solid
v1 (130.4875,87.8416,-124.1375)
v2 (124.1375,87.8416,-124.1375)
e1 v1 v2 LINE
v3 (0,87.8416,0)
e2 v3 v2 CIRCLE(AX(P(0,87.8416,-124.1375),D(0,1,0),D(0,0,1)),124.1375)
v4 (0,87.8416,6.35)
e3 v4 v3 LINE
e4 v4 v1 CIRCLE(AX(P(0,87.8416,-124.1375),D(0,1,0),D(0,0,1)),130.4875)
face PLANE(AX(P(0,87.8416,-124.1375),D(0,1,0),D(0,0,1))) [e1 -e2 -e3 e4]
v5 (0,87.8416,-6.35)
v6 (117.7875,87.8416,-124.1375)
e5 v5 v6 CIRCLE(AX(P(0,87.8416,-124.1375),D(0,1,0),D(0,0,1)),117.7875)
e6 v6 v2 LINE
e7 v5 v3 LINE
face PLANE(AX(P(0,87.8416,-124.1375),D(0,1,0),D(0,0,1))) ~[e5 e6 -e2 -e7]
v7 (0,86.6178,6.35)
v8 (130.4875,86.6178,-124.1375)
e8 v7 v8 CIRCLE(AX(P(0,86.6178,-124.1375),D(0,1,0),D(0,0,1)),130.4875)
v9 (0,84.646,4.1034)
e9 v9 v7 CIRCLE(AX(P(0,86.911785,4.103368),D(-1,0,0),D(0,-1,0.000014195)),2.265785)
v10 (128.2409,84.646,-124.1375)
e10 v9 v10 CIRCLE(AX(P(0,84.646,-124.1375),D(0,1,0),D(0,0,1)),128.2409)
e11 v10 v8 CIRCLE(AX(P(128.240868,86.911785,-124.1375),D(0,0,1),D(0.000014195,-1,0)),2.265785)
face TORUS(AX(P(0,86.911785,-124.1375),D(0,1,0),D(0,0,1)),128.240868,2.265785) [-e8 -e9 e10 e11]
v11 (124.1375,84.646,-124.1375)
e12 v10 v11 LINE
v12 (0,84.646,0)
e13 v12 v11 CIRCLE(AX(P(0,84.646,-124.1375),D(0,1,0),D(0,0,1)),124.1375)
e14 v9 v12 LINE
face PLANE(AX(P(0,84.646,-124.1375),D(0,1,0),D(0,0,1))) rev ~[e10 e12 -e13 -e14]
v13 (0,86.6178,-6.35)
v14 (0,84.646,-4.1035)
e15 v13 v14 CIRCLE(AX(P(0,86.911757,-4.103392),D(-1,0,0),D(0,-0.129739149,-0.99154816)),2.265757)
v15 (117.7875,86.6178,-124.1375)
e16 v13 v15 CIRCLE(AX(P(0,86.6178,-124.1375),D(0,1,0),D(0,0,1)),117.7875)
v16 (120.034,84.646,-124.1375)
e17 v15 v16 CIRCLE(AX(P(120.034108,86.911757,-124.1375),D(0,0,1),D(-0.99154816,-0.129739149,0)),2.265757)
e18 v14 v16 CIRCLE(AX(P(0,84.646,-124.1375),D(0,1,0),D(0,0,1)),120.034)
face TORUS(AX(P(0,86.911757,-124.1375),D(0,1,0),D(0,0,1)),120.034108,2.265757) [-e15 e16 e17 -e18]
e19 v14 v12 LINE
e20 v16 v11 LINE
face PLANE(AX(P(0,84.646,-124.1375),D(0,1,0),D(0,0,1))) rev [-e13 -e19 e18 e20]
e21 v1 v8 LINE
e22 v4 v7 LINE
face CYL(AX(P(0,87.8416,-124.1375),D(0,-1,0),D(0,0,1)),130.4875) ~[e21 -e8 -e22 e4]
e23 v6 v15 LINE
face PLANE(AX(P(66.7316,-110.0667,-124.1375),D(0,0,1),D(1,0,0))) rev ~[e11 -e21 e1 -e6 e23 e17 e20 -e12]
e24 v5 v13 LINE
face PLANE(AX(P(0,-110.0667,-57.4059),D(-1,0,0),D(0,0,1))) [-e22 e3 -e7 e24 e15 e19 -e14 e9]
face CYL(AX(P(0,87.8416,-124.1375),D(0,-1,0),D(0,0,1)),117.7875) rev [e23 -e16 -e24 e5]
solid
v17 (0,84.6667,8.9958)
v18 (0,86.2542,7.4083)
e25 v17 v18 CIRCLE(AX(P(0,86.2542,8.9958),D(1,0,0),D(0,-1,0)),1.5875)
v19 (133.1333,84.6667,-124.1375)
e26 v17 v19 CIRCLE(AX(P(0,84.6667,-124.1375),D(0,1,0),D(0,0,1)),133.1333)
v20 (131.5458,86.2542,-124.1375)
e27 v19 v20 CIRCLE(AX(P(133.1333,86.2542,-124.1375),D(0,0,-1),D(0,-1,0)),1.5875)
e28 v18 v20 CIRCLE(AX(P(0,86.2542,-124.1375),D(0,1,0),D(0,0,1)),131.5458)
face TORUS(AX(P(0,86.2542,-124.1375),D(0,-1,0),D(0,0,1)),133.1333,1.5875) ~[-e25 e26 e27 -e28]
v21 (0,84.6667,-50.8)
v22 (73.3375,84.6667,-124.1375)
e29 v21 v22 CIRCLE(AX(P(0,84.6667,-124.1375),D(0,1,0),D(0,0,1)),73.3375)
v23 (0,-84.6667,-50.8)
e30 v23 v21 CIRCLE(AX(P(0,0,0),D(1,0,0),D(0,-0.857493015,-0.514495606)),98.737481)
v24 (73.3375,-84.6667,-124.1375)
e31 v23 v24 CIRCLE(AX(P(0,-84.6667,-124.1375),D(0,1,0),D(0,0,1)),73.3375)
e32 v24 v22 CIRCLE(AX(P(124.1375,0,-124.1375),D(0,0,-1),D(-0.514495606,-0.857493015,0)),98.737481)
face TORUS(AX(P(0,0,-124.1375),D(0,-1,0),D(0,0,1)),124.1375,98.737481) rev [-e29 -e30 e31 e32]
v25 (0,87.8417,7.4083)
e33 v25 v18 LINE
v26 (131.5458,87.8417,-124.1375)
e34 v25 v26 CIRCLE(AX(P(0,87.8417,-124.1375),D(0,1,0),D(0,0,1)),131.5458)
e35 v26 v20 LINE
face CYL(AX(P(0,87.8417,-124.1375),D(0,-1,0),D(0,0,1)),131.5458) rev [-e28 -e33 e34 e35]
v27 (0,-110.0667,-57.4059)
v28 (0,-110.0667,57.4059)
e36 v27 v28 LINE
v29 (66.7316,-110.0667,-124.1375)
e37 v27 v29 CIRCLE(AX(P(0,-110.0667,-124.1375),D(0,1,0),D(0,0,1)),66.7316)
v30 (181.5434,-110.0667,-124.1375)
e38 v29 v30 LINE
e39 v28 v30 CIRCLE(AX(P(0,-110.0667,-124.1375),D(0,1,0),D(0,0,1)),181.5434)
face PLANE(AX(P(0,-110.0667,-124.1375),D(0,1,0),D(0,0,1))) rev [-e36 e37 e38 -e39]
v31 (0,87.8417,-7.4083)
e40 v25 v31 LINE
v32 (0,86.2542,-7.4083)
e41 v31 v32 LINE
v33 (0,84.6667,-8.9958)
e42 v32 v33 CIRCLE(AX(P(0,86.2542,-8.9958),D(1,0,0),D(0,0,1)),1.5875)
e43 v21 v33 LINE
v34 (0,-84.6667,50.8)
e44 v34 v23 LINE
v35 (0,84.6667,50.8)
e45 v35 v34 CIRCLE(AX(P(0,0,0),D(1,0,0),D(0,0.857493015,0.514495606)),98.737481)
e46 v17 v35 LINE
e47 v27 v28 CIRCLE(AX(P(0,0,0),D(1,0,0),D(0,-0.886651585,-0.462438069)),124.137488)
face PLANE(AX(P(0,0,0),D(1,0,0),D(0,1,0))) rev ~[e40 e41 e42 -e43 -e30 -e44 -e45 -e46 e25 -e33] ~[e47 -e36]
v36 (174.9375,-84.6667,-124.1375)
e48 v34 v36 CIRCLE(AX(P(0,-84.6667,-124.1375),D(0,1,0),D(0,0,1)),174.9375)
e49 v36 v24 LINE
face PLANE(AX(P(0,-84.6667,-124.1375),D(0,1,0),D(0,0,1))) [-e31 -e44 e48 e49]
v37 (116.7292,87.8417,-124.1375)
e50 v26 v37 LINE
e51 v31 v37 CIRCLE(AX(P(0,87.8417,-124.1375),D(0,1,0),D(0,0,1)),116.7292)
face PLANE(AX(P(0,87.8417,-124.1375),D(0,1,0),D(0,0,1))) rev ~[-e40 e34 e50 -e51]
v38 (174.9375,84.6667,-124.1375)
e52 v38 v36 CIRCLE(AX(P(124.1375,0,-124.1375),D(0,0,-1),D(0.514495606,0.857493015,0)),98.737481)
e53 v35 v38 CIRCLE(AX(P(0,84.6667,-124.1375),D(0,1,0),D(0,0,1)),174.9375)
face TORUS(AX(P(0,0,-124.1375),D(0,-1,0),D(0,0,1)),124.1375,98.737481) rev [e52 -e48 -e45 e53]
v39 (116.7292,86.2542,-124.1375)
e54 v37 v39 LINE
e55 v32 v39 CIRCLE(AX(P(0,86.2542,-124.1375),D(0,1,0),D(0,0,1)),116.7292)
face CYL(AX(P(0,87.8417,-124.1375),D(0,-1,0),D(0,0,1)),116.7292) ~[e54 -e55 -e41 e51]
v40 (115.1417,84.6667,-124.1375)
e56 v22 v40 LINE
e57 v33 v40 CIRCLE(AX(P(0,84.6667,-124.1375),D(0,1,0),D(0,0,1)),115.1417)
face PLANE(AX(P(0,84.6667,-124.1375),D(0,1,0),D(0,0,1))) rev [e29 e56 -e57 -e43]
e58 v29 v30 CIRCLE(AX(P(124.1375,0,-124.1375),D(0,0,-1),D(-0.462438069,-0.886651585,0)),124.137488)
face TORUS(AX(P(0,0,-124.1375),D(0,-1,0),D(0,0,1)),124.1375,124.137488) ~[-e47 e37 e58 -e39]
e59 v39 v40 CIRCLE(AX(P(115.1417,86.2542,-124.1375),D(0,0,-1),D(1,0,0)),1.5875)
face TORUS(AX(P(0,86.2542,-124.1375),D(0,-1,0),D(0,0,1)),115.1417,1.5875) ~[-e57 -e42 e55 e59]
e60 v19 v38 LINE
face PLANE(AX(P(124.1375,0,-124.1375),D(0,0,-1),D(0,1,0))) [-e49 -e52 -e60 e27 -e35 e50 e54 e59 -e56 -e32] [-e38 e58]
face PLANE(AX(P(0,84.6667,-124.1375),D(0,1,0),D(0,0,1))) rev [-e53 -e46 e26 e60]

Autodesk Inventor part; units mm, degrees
ref_plane "YZ Plane" through (0, 0, 0) normal (1, 0, 0) x (0, 1, 0)
ref_plane "XZ Plane" through (0, 0, 0) normal (0, 1, 0) x (-1, 0, 0)
ref_plane "XY Plane" through (0, 0, 0) normal (0, 0, 1) x (1, 0, 0)
sketch "Sketch1" plane through (0, 0, 0) normal (1, 0, 0) x (0, 1, 0)
  line L0 (-84.6667, 50.8) -> (-84.6667, -50.8)
  arc A0 (-110.0667, -57.4059) -> (-110.0667, 57.4059) centre (0, 0) ccw
  arc A1 (84.6667, 50.8) -> (-84.6667, 50.8) centre (0, 0) ccw
  arc A2 (-84.6667, -50.8) -> (84.6667, -50.8) centre (0, 0) ccw
  line L1 (130.9567, -124.1375) -> (-138.9472, -124.1375) construction
  line L2 (-110.0667, -57.4059) -> (-110.0667, 57.4059)
  line L3 (84.6667, 8.9958) -> (84.6667, -8.9958) construction
  arc A3 (84.6667, 8.9958) -> (86.2542, 7.4083) centre (86.2542, 8.9958) ccw
  arc A4 (86.2542, -7.4083) -> (84.6667, -8.9958) centre (86.2542, -8.9958) ccw
  line L4 (84.6667, 0) -> (87.8417, 0) construction
  line L5 (87.8417, 7.4083) -> (86.2542, 7.4083)
  line L6 (87.8417, -7.4083) -> (86.2542, -7.4083)
  line L7 (87.8417, 7.4083) -> (87.8417, -7.4083)
  line L8 (84.6667, -50.8) -> (84.6667, -8.9958)
  line L9 (84.6667, 8.9958) -> (84.6667, 50.8)
  point P0 (84.6667, 0)
  dimension "d1" = 101.6
  dimension "d11" = 25.4
  dimension "d16" = 14.8167
  dimension "d17" = 1.5875
  dimension "d18" = 1.5875
revolve "corridor" add sketch "Sketch1" angle 90 about axis through (0, 130.9567, -124.1375) along (0, 1, 0)
sketch "Sketch4" plane through (0, -110.0667, -57.4059) normal (-1, 0, 0) x (0, 0, 1)
  line L0 (51.0559, 197.9083) -> (57.4059, 197.9083)
  line L1 (64.8142, 197.9083) -> (49.9976, 197.9083)
  line L2 (51.0559, 197.9083) -> (51.0559, 196.6845)
  line L3 (53.3024, 194.7127) -> (57.4059, 194.7127)
  line L4 (57.4059, 194.7127) -> (57.4059, 197.9083) construction
  line L5 (51.0574, 194.7333) -> (54.2316, 197.9076) construction
  arc A0 (54.2323, 194.7127) -> (51.0559, 197.9083) centre (51.0574, 194.7333) ccw construction
  arc A1 (51.0559, 196.6845) -> (53.3024, 194.7127) centre (53.3024, 196.9784) ccw
  line L6 (63.7559, 197.9083) -> (57.4059, 197.9083)
  line L7 (63.7559, 197.9083) -> (63.7559, 196.6845)
  line L8 (61.5093, 194.7127) -> (57.4059, 194.7127)
  line L9 (63.7544, 194.7333) -> (60.5801, 197.9076) construction
  arc A2 (63.7559, 197.9083) -> (60.5795, 194.7127) centre (63.7544, 194.7333) ccw construction
  arc A3 (61.5093, 194.7127) -> (63.7559, 196.6845) centre (61.5093, 196.9784) ccw
  line L10 (64.8142, 197.9083) -> (-66.7316, 197.9083) projected
  line L11 (49.9976, 196.3208) -> (49.9976, 197.9083) projected
  line L12 (-66.7316, 234.2041) -> (-66.7316, 0) construction
  line L13 (-66.7316, 234.2041) -> (-66.7316, 0)
  point P0 (57.4059, 110.0667)
  point P1 (57.4059, 197.9083)
  point P2 (-66.7316, 110.0667)
  dimension "d20" = 6.35
  dimension "d21" = 3.175
  dimension "d22" = 45
  dimension "d23" = 2.2657
  dimension "d24" = 2.2466
revolve "light" add sketch "Sketch4" angle 90 about axis through (0, 124.1375, -124.1375) along (0, 1, 0) separate body
equation "\"d17\" = 0.5 * d19"
equation "\"d19\" = 3.175"
properties part number "corridor turn"
